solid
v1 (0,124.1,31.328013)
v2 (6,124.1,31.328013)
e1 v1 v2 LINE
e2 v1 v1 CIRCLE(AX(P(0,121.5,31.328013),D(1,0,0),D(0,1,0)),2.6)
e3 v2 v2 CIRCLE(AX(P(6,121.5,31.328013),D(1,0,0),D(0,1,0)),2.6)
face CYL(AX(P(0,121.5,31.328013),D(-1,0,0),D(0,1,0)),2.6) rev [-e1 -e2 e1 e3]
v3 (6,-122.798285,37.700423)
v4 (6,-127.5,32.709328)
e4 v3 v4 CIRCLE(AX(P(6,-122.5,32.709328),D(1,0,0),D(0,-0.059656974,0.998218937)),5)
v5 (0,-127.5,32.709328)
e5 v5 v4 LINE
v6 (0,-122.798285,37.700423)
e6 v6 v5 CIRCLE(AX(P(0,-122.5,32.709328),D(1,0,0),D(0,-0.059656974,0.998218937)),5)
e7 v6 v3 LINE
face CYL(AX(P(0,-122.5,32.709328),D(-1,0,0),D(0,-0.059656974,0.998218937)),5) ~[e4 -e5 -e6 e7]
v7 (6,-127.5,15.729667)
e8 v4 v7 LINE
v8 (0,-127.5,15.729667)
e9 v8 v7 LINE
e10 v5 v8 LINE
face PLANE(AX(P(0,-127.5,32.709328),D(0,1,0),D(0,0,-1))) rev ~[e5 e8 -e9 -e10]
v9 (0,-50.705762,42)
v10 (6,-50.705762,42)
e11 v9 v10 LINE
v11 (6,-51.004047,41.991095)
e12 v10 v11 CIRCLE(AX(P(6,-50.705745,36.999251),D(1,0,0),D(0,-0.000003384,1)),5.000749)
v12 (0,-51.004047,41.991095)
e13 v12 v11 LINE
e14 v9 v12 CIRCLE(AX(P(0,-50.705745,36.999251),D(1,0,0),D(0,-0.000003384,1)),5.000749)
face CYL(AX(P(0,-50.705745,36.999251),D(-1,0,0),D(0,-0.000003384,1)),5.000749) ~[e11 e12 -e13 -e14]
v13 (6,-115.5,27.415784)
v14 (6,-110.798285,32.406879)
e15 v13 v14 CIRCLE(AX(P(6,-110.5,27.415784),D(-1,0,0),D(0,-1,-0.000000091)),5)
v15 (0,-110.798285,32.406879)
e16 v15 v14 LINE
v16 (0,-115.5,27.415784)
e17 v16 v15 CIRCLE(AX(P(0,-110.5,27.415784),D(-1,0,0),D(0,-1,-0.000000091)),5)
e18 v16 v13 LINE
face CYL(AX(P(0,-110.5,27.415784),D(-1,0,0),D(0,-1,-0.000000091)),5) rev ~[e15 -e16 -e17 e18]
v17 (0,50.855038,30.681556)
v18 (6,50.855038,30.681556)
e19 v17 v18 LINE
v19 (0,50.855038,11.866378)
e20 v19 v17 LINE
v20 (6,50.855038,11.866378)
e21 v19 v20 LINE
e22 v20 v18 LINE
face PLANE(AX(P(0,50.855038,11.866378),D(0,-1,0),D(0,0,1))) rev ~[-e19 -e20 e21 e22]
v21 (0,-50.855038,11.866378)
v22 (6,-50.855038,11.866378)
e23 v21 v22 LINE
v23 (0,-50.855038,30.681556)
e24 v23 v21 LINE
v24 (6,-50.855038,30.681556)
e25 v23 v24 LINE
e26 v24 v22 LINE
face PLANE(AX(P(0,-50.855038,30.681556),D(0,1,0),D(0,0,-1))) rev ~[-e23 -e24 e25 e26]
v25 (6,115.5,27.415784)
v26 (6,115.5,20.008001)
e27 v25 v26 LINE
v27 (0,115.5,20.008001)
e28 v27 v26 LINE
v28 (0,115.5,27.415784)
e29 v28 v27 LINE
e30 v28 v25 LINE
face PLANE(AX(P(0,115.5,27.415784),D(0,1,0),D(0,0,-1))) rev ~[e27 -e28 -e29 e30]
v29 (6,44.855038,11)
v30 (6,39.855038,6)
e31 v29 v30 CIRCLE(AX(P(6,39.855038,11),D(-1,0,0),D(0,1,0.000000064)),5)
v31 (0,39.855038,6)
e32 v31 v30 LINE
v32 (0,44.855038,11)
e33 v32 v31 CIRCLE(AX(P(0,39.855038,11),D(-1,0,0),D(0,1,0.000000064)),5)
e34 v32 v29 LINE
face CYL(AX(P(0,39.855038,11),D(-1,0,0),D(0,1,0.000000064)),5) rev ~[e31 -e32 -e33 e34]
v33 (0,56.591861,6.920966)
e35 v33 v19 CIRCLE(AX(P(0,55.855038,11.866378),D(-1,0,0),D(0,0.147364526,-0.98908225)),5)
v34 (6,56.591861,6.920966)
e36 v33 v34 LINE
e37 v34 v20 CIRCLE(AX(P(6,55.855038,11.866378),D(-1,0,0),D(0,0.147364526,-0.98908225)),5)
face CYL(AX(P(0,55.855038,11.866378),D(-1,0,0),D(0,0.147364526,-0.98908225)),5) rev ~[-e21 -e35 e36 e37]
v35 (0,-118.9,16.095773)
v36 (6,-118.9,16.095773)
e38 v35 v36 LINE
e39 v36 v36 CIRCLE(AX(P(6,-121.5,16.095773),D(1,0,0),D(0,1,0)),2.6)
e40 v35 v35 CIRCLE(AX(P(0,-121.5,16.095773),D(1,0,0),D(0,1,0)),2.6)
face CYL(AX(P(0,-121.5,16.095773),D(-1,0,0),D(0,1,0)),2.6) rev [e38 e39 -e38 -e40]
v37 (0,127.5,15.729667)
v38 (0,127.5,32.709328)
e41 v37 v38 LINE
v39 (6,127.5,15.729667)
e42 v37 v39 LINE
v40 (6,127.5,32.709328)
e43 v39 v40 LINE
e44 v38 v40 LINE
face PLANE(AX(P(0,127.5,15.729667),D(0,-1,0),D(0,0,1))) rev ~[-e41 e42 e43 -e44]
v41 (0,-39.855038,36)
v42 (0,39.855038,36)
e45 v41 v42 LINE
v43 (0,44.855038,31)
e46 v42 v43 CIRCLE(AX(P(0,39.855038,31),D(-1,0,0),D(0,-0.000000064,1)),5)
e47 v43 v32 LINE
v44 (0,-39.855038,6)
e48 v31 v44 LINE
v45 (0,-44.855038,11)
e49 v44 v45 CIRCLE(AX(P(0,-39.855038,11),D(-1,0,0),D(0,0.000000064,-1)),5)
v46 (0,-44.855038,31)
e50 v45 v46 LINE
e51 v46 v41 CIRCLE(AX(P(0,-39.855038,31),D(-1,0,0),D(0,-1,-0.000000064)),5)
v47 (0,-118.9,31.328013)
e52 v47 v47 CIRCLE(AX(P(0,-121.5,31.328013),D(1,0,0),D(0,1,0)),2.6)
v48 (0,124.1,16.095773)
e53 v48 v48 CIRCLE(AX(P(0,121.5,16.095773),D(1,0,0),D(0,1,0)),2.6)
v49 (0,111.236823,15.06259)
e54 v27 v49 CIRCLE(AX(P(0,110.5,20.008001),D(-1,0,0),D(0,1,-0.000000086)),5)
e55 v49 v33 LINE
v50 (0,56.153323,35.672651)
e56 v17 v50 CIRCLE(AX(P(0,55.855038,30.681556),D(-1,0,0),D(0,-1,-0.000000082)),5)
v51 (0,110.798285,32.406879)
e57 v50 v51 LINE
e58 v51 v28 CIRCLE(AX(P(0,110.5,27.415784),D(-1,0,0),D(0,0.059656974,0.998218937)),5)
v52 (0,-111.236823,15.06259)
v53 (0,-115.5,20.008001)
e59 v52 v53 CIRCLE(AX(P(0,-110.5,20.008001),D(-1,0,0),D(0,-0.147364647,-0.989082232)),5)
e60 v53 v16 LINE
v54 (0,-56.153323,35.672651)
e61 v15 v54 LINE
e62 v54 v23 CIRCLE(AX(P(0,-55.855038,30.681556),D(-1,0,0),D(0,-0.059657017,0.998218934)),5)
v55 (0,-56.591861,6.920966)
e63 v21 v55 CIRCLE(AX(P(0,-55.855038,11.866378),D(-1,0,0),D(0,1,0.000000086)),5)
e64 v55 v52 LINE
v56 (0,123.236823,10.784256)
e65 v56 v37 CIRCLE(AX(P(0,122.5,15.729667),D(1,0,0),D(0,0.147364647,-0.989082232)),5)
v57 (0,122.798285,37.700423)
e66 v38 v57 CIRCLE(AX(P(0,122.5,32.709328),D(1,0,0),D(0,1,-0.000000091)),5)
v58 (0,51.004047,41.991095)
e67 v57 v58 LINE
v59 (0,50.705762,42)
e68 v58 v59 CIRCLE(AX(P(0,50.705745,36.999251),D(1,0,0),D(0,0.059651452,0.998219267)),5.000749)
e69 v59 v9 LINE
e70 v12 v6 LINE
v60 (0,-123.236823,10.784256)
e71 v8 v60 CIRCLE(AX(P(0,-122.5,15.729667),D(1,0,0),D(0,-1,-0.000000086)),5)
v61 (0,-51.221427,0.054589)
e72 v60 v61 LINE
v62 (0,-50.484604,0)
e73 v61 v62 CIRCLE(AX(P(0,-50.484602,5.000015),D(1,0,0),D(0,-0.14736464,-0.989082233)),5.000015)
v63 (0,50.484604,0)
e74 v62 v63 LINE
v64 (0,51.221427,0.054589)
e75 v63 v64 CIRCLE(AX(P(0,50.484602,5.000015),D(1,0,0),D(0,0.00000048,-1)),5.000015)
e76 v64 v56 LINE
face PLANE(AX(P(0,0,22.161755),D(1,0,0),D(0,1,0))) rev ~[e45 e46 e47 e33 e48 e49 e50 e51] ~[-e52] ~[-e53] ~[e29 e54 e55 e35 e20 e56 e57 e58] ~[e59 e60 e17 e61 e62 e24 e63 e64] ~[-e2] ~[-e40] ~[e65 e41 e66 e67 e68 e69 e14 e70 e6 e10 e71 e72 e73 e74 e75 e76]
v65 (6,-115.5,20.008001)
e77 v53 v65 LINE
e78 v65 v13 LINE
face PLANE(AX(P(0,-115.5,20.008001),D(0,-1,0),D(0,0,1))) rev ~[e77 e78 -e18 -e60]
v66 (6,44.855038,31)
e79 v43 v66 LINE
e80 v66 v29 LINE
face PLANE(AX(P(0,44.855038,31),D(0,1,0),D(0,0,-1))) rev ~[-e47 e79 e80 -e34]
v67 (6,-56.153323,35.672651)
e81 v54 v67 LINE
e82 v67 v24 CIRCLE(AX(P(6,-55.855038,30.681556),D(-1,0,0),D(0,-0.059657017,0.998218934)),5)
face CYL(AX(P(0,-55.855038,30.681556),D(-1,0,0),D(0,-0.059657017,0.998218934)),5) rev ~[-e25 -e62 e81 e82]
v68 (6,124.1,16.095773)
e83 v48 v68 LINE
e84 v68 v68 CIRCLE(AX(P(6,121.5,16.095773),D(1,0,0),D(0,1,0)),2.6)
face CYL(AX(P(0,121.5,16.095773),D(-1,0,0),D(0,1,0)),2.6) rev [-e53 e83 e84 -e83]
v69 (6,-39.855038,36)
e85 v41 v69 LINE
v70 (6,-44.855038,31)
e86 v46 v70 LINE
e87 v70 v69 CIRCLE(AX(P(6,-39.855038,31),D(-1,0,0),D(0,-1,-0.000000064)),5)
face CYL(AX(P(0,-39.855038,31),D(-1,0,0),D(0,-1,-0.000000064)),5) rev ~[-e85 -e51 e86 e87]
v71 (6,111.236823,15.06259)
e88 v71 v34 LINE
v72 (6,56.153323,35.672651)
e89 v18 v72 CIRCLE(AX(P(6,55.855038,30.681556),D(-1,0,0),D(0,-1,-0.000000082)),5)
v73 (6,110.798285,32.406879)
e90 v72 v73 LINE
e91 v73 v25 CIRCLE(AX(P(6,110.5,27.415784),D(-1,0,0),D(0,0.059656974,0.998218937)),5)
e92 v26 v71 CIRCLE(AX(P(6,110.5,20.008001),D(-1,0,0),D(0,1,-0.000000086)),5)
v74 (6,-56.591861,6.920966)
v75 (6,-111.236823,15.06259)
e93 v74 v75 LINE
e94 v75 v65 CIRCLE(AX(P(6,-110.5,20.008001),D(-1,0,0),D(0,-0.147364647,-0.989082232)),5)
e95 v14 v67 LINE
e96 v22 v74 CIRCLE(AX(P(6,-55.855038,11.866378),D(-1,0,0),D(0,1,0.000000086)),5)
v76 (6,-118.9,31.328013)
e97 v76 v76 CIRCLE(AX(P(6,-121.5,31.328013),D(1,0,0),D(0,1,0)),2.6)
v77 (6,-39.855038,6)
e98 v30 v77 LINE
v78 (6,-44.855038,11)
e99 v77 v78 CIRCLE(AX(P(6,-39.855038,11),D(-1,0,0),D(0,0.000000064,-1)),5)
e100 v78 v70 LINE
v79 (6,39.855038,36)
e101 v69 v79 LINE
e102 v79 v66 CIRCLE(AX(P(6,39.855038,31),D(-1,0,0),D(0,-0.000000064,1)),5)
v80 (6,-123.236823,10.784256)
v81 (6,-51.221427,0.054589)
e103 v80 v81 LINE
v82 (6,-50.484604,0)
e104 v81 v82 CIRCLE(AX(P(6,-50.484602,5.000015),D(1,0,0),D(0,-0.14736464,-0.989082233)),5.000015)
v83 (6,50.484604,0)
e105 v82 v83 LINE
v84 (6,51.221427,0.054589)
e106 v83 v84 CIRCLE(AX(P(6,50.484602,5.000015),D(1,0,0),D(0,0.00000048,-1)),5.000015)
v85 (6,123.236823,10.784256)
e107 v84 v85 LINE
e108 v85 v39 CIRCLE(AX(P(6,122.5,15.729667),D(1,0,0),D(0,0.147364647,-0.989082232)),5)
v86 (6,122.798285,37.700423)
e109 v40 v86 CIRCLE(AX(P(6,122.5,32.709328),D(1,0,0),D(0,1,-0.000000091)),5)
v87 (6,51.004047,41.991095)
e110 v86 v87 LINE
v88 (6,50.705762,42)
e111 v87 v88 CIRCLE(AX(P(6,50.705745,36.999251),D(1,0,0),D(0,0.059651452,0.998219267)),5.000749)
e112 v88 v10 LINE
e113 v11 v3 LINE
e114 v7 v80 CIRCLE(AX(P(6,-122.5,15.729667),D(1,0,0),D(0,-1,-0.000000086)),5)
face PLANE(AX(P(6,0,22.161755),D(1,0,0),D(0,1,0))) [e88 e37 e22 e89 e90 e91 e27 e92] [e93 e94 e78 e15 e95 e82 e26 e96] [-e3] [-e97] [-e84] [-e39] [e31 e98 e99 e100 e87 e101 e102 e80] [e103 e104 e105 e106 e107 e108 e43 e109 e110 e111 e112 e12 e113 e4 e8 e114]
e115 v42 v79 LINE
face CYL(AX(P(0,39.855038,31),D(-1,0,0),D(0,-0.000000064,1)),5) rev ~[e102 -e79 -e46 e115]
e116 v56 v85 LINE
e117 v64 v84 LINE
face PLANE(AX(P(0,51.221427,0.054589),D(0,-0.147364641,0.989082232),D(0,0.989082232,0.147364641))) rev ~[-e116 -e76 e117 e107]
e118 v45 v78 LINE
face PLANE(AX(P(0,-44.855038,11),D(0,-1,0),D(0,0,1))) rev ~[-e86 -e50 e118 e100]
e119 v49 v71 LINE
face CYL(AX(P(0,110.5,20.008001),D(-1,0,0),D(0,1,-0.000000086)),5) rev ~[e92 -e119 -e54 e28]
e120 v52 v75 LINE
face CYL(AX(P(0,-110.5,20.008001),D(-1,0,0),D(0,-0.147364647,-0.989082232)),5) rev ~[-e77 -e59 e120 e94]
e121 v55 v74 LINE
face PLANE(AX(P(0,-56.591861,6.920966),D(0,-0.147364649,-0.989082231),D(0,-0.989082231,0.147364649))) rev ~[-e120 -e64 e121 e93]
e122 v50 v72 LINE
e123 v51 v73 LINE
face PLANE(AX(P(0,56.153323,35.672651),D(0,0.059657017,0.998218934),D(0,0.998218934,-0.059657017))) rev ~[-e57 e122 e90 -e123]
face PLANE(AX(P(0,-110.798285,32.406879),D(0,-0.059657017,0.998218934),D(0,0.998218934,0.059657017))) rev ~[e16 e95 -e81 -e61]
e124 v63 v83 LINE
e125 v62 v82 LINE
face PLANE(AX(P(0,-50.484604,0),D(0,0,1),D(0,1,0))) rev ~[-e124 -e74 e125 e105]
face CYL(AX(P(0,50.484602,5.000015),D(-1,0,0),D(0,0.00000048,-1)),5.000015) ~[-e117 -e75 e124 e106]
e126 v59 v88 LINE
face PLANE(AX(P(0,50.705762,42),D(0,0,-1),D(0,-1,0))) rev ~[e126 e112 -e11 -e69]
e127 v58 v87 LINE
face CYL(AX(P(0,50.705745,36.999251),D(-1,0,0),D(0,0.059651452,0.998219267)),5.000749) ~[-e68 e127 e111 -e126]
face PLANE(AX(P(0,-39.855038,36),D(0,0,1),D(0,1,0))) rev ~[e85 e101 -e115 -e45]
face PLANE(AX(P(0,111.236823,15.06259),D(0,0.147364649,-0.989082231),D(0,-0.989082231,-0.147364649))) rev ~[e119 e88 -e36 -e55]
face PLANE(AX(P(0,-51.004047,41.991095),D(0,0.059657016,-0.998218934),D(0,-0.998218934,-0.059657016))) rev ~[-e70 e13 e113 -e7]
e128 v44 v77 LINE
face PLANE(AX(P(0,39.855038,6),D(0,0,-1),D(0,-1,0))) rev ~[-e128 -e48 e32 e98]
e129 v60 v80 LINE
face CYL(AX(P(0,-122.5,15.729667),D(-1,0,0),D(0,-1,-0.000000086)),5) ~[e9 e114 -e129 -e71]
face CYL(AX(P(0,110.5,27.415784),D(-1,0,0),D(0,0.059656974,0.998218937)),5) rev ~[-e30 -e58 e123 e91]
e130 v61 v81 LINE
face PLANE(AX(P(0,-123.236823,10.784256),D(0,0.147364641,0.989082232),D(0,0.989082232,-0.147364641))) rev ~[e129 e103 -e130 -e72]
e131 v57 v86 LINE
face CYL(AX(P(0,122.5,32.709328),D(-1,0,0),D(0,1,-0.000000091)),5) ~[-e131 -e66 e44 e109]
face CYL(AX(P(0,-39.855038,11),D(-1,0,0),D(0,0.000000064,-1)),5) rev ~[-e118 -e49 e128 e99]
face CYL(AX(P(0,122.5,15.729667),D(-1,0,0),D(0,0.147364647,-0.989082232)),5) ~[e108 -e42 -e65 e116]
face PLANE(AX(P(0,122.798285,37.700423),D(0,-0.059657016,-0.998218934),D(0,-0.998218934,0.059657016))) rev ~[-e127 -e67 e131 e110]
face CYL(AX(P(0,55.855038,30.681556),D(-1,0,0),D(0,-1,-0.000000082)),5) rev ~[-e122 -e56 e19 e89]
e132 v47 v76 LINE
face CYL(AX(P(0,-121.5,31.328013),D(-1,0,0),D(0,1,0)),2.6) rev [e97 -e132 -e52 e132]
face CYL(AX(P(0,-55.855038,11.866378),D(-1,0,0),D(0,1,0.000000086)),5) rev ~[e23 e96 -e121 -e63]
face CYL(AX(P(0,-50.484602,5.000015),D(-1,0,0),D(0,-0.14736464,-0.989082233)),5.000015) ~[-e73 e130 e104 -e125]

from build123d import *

# Parameters (mm, degrees)
F0_R     = 2.6
F1_DEPTH = 6


with BuildPart() as f1:
    # F0 (on Right) → F1 (new body)
    with BuildSketch(Plane.YZ):
        with BuildLine():
            Line((-50.484604, 0), (0, 0))
            Line((0, 0), (50.484604, 0))
            ThreePointArc((50.484604, 0), (50.854025, 0.013666), (51.221427, 0.054589))
            Line((51.221427, 0.054589), (123.236823, 10.784256))
            ThreePointArc((123.236823, 10.784256), (126.287091, 12.465017), (127.5, 15.729667))
            Line((127.5, 15.729667), (127.5, 32.709328))
            ThreePointArc((127.5, 32.709328), (126.139466, 36.137781), (122.798285, 37.700423))
            Line((122.798285, 37.700423), (51.004047, 41.991095))
            ThreePointArc((51.004047, 41.991095), (50.854971, 41.997773), (50.705762, 42))
            Line((50.705762, 42), (39.15917, 42))
            Line((39.15917, 42), (-39.15917, 42))
            Line((-39.15917, 42), (-50.705762, 42))
            ThreePointArc((-50.705762, 42), (-50.854971, 41.997773), (-51.004047, 41.991095))
            Line((-51.004047, 41.991095), (-122.798285, 37.700423))
            ThreePointArc((-122.798285, 37.700423), (-126.139466, 36.137781), (-127.5, 32.709328))
            Line((-127.5, 32.709328), (-127.5, 15.729667))
            ThreePointArc((-127.5, 15.729667), (-126.287091, 12.465017), (-123.236823, 10.784256))
            Line((-123.236823, 10.784256), (-51.221427, 0.054589))
            ThreePointArc((-51.221427, 0.054589), (-50.854025, 0.013666), (-50.484604, 0))
        make_face()
        with Locations((-121.5, 16.095773)):
            Circle(F0_R, mode=Mode.SUBTRACT)
        with Locations((121.5, 16.095773)):
            Circle(F0_R, mode=Mode.SUBTRACT)
        with BuildLine():
            Line((-50.855038, 30.681556), (-50.855038, 11.866378))
            ThreePointArc((-50.855038, 11.866378), (-52.590387, 8.079287), (-56.591861, 6.920966))
            Line((-56.591861, 6.920966), (-111.236823, 15.06259))
            ThreePointArc((-111.236823, 15.06259), (-114.287091, 16.743351), (-115.5, 20.008001))
            Line((-115.5, 20.008001), (-115.5, 27.415784))
            ThreePointArc((-115.5, 27.415784), (-114.139466, 30.844237), (-110.798285, 32.406879))
            Line((-110.798285, 32.406879), (-56.153323, 35.672651))
            ThreePointArc((-56.153323, 35.672651), (-52.426585, 34.321022), (-50.855038, 30.681556))
        make_face(mode=Mode.SUBTRACT)
        with Locations((-121.5, 31.328013)):
            Circle(F0_R, mode=Mode.SUBTRACT)
        with BuildLine():
            ThreePointArc((-39.855038, 6), (-43.390572, 7.464466), (-44.855038, 11))
            Line((-44.855038, 11), (-44.855038, 31))
            ThreePointArc((-44.855038, 31), (-43.390572, 34.535534), (-39.855038, 36))
            Line((-39.855038, 36), (-39.15917, 36))
            Line((-39.15917, 36), (39.15917, 36))
            Line((39.15917, 36), (39.855038, 36))
            ThreePointArc((39.855038, 36), (43.390572, 34.535534), (44.855038, 31))
            Line((44.855038, 31), (44.855038, 11))
            ThreePointArc((44.855038, 11), (43.390572, 7.464466), (39.855038, 6))
            Line((39.855038, 6), (0, 6))
            Line((0, 6), (-39.855038, 6))
        make_face(mode=Mode.SUBTRACT)
        with BuildLine():
            Line((56.153323, 35.672651), (110.798285, 32.406879))
            ThreePointArc((110.798285, 32.406879), (114.139466, 30.844237), (115.5, 27.415784))
            Line((115.5, 27.415784), (115.5, 20.008001))
            ThreePointArc((115.5, 20.008001), (114.287091, 16.743351), (111.236823, 15.06259))
            Line((111.236823, 15.06259), (56.591861, 6.920966))
            ThreePointArc((56.591861, 6.920966), (52.590387, 8.079287), (50.855038, 11.866378))
            Line((50.855038, 11.866378), (50.855038, 30.681556))
            ThreePointArc((50.855038, 30.681556), (52.426585, 34.321022), (56.153323, 35.672651))
        make_face(mode=Mode.SUBTRACT)
        with Locations((121.5, 31.328013)):
            Circle(F0_R, mode=Mode.SUBTRACT)
    extrude(amount=F1_DEPTH)


solid = f1.part
